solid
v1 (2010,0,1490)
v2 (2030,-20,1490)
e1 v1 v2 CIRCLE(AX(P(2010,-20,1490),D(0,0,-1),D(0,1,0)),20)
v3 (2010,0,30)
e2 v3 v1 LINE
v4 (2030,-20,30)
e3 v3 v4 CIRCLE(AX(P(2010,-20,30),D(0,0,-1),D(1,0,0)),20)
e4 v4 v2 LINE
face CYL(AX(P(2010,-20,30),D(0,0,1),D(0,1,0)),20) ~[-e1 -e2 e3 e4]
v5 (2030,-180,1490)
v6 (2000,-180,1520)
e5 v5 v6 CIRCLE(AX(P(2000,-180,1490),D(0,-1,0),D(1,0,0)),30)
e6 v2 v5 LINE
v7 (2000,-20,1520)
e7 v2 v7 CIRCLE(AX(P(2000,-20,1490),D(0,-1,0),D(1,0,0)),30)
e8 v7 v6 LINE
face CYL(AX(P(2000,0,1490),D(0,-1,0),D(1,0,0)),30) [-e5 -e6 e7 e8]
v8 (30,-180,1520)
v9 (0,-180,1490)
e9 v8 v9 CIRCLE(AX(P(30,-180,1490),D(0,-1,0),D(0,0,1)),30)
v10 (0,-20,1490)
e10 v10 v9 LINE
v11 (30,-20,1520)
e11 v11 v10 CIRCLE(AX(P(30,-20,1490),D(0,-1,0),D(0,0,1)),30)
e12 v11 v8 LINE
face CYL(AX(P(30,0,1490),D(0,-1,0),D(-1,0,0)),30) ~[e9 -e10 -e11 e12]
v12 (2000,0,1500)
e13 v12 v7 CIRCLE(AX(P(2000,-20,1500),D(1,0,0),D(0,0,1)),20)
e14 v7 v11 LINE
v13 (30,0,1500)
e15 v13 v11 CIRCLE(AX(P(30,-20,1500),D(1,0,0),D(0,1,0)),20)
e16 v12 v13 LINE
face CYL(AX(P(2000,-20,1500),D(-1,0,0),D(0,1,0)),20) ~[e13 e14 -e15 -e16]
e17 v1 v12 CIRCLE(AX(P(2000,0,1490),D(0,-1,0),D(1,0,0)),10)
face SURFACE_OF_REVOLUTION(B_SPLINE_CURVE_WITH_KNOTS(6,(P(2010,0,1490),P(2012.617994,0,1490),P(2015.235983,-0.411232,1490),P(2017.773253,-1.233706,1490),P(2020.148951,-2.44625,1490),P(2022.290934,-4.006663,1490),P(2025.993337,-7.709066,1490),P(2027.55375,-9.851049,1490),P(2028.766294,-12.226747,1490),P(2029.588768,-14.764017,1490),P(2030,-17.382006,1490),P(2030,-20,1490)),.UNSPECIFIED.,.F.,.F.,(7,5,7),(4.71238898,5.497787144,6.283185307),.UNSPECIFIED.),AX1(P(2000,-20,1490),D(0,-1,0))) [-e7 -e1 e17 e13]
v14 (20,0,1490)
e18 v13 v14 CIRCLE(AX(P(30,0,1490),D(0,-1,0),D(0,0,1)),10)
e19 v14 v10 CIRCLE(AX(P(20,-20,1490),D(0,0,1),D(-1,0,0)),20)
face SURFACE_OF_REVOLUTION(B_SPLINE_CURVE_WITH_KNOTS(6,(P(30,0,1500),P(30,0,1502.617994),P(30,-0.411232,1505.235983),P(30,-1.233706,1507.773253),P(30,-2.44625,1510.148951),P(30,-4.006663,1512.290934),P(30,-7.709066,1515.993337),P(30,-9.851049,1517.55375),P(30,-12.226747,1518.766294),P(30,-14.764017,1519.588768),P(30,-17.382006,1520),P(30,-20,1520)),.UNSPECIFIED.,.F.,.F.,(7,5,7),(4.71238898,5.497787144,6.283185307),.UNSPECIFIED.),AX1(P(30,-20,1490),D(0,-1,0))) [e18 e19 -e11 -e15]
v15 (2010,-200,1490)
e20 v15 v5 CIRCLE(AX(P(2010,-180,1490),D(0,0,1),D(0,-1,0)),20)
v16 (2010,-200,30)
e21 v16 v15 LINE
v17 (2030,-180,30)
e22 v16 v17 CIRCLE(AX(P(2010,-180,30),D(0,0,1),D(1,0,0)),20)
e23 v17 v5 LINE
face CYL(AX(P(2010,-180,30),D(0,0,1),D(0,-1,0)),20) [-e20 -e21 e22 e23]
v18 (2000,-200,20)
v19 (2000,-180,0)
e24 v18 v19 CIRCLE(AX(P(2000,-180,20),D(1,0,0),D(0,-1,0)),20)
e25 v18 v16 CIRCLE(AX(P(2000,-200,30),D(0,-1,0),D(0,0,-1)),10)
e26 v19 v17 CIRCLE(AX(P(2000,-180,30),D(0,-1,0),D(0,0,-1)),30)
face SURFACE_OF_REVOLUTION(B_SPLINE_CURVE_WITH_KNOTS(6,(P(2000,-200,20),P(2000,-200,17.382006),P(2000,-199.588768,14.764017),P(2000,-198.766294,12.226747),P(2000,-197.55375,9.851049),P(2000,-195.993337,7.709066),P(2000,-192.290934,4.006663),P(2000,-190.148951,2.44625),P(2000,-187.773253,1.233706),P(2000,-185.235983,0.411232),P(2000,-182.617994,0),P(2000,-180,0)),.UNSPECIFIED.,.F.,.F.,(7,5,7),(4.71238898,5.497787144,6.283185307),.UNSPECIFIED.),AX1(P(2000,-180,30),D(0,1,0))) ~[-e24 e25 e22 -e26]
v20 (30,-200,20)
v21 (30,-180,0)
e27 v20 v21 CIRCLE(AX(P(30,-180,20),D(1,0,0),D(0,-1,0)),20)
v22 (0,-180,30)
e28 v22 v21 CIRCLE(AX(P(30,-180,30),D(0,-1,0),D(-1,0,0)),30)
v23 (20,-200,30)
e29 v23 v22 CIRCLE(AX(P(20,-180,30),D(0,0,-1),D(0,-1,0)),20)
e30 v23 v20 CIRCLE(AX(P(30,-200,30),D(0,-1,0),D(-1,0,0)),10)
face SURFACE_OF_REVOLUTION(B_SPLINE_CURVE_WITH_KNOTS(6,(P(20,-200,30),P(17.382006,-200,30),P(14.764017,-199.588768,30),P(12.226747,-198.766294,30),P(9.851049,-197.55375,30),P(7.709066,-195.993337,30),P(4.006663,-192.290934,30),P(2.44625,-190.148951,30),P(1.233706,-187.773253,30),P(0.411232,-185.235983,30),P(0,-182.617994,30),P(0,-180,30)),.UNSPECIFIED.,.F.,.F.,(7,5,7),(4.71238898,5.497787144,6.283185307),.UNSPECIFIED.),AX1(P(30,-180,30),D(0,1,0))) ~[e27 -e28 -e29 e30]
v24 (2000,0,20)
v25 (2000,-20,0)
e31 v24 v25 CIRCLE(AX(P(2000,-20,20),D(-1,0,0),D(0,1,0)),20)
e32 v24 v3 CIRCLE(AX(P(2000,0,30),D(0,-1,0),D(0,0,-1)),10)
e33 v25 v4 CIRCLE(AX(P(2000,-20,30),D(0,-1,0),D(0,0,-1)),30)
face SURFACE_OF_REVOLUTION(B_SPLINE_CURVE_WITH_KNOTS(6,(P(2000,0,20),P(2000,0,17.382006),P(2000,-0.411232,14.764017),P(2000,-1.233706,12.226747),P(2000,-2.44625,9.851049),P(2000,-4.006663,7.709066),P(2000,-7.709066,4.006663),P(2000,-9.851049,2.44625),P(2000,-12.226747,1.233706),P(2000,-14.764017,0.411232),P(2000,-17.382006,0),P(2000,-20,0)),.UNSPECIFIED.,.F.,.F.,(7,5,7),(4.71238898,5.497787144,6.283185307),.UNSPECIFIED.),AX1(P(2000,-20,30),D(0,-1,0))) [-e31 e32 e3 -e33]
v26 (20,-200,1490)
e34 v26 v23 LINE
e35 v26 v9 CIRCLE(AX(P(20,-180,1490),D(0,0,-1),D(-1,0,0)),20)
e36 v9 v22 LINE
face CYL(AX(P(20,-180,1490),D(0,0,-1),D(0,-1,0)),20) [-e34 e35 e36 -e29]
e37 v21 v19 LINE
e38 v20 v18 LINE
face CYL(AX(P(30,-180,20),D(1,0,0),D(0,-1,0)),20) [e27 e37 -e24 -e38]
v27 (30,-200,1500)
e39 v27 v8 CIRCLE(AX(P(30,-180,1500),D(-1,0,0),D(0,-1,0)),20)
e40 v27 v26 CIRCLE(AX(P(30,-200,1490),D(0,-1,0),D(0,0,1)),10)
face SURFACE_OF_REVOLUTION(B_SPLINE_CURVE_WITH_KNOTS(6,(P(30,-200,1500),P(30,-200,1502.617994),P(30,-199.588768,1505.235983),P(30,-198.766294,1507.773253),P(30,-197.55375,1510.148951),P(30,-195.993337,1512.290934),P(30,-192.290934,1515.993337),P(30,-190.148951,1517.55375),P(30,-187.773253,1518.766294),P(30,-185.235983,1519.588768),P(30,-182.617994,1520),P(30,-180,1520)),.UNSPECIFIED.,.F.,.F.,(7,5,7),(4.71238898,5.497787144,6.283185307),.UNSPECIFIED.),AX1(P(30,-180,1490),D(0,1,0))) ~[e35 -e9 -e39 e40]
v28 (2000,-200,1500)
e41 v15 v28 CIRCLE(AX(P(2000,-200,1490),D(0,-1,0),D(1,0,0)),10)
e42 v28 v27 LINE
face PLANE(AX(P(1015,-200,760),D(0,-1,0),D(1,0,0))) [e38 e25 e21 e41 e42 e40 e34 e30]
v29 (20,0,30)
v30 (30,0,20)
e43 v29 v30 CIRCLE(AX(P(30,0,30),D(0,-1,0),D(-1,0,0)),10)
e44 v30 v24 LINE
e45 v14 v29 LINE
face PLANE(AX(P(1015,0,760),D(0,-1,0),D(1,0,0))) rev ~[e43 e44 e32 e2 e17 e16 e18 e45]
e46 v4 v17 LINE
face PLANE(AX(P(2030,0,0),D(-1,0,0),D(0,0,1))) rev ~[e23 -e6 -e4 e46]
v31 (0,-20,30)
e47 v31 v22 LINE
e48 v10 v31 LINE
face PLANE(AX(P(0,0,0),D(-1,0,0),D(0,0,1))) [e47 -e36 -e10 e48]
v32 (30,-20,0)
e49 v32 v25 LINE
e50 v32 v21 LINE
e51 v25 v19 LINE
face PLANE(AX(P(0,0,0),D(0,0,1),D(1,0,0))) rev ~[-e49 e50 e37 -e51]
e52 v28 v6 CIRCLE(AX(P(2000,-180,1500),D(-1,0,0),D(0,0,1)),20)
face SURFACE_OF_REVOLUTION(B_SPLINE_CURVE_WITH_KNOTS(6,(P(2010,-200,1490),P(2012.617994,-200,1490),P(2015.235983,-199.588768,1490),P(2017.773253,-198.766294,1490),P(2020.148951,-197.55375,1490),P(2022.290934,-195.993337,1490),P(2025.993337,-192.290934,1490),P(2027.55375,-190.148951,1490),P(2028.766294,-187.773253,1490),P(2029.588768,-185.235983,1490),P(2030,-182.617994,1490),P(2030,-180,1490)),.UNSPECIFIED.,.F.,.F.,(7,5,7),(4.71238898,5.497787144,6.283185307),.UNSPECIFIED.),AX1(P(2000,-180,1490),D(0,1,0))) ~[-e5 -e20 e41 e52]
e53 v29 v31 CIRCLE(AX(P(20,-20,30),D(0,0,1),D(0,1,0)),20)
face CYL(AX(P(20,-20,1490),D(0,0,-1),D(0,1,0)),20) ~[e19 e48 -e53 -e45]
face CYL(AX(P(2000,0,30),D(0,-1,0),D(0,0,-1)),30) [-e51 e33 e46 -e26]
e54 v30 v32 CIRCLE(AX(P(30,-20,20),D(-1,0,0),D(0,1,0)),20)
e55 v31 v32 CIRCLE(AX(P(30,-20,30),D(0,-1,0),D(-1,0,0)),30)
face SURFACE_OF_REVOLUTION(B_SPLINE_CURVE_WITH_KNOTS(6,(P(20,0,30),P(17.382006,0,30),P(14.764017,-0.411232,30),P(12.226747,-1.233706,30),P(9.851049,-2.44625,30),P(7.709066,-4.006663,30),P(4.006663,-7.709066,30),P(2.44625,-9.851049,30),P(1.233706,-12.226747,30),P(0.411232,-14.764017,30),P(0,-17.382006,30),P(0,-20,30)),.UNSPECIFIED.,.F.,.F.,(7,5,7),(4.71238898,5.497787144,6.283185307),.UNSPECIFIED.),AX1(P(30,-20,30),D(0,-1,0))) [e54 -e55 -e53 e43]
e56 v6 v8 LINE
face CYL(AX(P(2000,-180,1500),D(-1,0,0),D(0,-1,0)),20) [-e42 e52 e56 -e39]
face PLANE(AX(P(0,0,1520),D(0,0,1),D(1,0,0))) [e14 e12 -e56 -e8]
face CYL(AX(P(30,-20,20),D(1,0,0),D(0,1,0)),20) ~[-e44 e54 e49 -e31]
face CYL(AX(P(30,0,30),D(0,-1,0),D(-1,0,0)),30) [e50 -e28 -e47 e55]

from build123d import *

# Parameters (mm, degrees)
F0_W     = 2030
F0_H     = 1520
F1_DEPTH = 200
F2_R     = 30
F3_R     = 20


with BuildPart() as f1:
    # F0 (on Front) → F1 (new body)
    with BuildSketch(Plane.XZ):
        with Locations((1015, 760)):
            Rectangle(F0_W, F0_H)
    extrude(amount=F1_DEPTH)

    # F2
    f2_edges = [f1.edges().sort_by_distance(p)[0] for p in [
        (2030, -100, 0),
        (0, -100, 0),
        (2030, -100, 1520),
        (0, -100, 1520),
    ]]
    fillet(f2_edges, radius=F2_R)

    # F3
    f3_edges = [f1.edges().sort_by_distance(p)[0] for p in [
        (1015, -200, 0),
        (1015, 0, 0),
    ]]
    fillet(f3_edges, radius=F3_R)


solid = f1.part
